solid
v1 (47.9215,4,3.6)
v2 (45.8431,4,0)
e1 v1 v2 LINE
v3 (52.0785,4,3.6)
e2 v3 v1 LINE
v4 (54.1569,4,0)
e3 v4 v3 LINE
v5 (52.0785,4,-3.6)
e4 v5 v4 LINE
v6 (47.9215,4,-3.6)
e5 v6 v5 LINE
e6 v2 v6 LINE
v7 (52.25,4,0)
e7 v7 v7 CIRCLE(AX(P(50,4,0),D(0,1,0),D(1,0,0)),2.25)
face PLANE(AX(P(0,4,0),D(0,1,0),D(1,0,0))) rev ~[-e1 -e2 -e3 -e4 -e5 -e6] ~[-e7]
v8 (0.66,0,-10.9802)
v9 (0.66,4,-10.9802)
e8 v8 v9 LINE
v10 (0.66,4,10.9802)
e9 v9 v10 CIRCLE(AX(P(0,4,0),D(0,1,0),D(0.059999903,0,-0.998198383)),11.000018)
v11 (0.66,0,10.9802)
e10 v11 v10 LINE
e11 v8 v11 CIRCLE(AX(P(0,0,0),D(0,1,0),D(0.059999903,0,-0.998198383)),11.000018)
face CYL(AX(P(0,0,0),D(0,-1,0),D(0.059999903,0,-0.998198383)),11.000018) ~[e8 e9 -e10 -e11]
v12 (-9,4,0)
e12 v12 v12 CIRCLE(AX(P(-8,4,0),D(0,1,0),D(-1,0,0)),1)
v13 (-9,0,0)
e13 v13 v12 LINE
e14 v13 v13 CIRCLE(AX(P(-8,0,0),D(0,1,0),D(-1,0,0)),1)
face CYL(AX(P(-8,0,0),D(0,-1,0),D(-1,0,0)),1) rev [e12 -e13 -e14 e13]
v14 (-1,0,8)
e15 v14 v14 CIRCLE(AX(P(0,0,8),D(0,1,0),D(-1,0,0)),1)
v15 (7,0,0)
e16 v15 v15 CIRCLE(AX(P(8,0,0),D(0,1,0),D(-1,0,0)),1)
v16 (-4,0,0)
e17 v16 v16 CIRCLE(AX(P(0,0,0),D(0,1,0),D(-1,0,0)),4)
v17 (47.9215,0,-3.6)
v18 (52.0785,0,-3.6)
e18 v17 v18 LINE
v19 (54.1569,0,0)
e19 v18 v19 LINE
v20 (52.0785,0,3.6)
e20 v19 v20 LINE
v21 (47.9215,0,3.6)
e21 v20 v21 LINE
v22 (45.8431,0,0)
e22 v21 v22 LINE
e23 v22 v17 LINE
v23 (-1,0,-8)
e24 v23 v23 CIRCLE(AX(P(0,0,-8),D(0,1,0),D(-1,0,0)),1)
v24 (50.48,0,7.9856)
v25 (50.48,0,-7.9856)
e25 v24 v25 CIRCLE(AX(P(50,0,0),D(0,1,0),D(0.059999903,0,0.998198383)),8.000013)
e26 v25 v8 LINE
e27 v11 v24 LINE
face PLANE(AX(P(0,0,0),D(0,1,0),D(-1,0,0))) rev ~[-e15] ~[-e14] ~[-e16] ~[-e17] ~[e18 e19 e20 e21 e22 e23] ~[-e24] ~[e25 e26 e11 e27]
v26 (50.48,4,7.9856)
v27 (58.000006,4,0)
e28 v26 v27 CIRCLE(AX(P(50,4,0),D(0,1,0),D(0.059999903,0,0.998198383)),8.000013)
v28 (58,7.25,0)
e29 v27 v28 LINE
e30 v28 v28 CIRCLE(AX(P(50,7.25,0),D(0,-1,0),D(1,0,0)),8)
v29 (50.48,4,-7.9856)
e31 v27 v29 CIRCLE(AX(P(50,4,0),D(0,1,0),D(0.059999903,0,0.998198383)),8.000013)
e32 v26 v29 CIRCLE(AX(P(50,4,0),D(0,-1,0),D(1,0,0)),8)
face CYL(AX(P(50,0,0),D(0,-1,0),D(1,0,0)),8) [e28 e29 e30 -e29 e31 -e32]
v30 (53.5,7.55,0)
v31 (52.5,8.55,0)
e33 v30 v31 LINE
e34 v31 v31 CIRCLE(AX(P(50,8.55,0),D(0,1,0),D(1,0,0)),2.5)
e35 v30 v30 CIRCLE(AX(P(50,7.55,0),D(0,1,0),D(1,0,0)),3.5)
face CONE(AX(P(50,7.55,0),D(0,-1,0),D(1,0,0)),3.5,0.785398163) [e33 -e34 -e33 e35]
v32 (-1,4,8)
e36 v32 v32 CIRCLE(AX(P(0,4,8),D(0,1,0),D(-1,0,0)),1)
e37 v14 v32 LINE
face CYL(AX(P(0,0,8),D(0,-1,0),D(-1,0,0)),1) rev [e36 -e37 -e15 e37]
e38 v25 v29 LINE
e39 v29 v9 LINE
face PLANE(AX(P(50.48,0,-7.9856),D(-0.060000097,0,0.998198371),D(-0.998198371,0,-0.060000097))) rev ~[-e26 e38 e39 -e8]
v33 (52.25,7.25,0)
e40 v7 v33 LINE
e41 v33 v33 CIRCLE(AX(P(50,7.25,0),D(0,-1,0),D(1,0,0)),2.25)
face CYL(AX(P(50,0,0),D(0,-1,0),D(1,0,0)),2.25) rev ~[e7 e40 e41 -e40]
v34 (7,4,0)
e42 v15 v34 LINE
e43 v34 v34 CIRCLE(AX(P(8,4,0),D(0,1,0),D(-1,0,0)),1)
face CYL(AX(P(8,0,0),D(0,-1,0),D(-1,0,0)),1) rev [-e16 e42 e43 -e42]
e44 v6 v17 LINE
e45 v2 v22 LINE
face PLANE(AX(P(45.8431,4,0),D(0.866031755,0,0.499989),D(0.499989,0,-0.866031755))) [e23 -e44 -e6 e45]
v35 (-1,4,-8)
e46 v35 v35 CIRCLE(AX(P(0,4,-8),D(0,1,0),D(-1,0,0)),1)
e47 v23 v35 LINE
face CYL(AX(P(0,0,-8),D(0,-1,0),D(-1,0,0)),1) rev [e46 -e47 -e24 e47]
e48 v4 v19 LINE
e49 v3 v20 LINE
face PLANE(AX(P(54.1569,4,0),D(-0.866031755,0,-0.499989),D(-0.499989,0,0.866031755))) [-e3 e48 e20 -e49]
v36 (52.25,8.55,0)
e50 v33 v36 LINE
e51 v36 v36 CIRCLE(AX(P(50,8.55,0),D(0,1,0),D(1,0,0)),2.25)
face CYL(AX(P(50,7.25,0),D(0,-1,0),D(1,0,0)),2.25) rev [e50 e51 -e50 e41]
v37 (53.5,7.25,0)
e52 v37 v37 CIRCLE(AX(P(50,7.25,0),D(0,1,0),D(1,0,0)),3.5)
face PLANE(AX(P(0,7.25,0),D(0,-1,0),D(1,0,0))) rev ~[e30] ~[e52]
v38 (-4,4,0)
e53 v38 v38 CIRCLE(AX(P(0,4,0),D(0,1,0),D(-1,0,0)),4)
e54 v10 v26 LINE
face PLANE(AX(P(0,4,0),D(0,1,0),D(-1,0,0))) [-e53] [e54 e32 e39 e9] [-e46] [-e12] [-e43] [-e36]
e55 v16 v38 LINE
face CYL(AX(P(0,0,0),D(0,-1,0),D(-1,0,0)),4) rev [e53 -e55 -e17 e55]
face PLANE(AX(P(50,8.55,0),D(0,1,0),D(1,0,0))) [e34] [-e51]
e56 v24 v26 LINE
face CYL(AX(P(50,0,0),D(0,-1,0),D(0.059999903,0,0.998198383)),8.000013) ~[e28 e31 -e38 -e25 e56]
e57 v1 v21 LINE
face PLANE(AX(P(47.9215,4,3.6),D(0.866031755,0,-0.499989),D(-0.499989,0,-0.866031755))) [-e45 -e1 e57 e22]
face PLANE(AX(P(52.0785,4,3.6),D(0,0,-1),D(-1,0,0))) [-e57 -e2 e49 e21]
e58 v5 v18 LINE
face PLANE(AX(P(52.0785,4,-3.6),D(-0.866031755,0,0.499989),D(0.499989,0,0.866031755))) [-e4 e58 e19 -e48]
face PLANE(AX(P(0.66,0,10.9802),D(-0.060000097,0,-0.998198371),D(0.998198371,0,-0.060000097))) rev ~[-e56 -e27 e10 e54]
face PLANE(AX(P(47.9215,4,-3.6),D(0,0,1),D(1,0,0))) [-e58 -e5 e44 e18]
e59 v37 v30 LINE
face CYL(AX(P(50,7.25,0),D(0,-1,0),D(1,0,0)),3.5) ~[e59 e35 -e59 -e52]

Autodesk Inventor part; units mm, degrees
ref_plane "YZ Plane" through (0, 0, 0) normal (1, 0, 0) x (0, 1, 0)
ref_plane "XZ Plane" through (0, 0, 0) normal (0, 1, 0) x (-1, 0, 0)
ref_plane "XY Plane" through (0, 0, 0) normal (0, 0, 1) x (1, 0, 0)
sketch "Эскиз1" plane through (0, 0, 0) normal (0, 1, 0) x (-1, 0, 0)
  arc A0 (-0.66, -10.9802) -> (-0.66, 10.9802) centre (0, 0) ccw
  line L0 (0, 0) -> (-50, 0) construction
  arc A1 (-50.48, 7.9856) -> (-50.48, -7.9856) centre (-50, 0) ccw
  circle A2 centre (-50, 0) radius 2.25
  circle A3 centre (0, 0) radius 4
  line L1 (-0.66, 10.9802) -> (-50.48, 7.9856)
  line L2 (-50.48, -7.9856) -> (-0.66, -10.9802)
  line L3 (0, 14.7919) -> (0, -15.3295) construction
  circle A4 centre (0, 8) radius 1
  circle A5 centre (-8, 0) radius 1
  circle A6 centre (0, -8) radius 1
  circle A7 centre (8, 0) radius 1
  dimension "d0" = 22
  dimension "d1" = 16
  dimension "d2" = 4.5
  dimension "d3" = 8
  dimension "d4" = 50
  dimension "d7" = 2
  dimension "d8" = 8
  dimension "d25" = 360
extrude "Выдавливание1" add sketch "Эскиз1" along normal blind 4
sketch "Эскиз3" plane through (0, 0, 0) normal (0, -1, 0) x (1, 0, 0)
  circle A0 centre (50, 0) radius 2.25 projected
  circle A1 centre (50, 0) radius 8
  arc A2 (50.48, -7.9856) -> (50.48, 7.9856) centre (50, 0) ccw projected
  point P0 (0, 0)
extrude "Выдавливание3" add sketch "Эскиз3" against normal blind 7.25
sketch "Эскиз5" plane through (0, 4, 0) normal (0, 1, 0) x (1, 0, 0)
  circle A0 centre (50, 0) radius 2.25 projected
  line L0 (54.1569, 0) -> (52.0785, -3.6)
  line L1 (52.0785, -3.6) -> (47.9215, -3.6)
  line L2 (47.9215, -3.6) -> (45.8431, 0)
  line L3 (45.8431, 0) -> (47.9215, 3.6)
  line L4 (47.9215, 3.6) -> (52.0785, 3.6)
  line L5 (52.0785, 3.6) -> (54.1569, 0)
  point P0 (0, 0)
  dimension "d20" = 7.2
  dimension "d31" = 4.1569
  dimension "d32" = 3.6
  dimension "d33" = 50
extrude "Выдавливание8" cut sketch "Эскиз5" against normal blind 4
sketch "Эскиз8" plane through (50, 7.25, 0) normal (0, 1, 0) x (1, 0, 0)
  circle A0 centre (0, 0) radius 2.25 projected
  circle A1 centre (0, 0) radius 2.2361
  circle A2 centre (0, 0) radius 3.5
  point P0 (-50, 0)
  dimension "d38" = 7
extrude "Выдавливание9" add sketch "Эскиз8" along normal blind 1.3 contours A2
chamfer "Фаска2" distance 1 angle 45 1 edges at (46.5, 8.55, 0)
properties part number "04-01-Качалка"
